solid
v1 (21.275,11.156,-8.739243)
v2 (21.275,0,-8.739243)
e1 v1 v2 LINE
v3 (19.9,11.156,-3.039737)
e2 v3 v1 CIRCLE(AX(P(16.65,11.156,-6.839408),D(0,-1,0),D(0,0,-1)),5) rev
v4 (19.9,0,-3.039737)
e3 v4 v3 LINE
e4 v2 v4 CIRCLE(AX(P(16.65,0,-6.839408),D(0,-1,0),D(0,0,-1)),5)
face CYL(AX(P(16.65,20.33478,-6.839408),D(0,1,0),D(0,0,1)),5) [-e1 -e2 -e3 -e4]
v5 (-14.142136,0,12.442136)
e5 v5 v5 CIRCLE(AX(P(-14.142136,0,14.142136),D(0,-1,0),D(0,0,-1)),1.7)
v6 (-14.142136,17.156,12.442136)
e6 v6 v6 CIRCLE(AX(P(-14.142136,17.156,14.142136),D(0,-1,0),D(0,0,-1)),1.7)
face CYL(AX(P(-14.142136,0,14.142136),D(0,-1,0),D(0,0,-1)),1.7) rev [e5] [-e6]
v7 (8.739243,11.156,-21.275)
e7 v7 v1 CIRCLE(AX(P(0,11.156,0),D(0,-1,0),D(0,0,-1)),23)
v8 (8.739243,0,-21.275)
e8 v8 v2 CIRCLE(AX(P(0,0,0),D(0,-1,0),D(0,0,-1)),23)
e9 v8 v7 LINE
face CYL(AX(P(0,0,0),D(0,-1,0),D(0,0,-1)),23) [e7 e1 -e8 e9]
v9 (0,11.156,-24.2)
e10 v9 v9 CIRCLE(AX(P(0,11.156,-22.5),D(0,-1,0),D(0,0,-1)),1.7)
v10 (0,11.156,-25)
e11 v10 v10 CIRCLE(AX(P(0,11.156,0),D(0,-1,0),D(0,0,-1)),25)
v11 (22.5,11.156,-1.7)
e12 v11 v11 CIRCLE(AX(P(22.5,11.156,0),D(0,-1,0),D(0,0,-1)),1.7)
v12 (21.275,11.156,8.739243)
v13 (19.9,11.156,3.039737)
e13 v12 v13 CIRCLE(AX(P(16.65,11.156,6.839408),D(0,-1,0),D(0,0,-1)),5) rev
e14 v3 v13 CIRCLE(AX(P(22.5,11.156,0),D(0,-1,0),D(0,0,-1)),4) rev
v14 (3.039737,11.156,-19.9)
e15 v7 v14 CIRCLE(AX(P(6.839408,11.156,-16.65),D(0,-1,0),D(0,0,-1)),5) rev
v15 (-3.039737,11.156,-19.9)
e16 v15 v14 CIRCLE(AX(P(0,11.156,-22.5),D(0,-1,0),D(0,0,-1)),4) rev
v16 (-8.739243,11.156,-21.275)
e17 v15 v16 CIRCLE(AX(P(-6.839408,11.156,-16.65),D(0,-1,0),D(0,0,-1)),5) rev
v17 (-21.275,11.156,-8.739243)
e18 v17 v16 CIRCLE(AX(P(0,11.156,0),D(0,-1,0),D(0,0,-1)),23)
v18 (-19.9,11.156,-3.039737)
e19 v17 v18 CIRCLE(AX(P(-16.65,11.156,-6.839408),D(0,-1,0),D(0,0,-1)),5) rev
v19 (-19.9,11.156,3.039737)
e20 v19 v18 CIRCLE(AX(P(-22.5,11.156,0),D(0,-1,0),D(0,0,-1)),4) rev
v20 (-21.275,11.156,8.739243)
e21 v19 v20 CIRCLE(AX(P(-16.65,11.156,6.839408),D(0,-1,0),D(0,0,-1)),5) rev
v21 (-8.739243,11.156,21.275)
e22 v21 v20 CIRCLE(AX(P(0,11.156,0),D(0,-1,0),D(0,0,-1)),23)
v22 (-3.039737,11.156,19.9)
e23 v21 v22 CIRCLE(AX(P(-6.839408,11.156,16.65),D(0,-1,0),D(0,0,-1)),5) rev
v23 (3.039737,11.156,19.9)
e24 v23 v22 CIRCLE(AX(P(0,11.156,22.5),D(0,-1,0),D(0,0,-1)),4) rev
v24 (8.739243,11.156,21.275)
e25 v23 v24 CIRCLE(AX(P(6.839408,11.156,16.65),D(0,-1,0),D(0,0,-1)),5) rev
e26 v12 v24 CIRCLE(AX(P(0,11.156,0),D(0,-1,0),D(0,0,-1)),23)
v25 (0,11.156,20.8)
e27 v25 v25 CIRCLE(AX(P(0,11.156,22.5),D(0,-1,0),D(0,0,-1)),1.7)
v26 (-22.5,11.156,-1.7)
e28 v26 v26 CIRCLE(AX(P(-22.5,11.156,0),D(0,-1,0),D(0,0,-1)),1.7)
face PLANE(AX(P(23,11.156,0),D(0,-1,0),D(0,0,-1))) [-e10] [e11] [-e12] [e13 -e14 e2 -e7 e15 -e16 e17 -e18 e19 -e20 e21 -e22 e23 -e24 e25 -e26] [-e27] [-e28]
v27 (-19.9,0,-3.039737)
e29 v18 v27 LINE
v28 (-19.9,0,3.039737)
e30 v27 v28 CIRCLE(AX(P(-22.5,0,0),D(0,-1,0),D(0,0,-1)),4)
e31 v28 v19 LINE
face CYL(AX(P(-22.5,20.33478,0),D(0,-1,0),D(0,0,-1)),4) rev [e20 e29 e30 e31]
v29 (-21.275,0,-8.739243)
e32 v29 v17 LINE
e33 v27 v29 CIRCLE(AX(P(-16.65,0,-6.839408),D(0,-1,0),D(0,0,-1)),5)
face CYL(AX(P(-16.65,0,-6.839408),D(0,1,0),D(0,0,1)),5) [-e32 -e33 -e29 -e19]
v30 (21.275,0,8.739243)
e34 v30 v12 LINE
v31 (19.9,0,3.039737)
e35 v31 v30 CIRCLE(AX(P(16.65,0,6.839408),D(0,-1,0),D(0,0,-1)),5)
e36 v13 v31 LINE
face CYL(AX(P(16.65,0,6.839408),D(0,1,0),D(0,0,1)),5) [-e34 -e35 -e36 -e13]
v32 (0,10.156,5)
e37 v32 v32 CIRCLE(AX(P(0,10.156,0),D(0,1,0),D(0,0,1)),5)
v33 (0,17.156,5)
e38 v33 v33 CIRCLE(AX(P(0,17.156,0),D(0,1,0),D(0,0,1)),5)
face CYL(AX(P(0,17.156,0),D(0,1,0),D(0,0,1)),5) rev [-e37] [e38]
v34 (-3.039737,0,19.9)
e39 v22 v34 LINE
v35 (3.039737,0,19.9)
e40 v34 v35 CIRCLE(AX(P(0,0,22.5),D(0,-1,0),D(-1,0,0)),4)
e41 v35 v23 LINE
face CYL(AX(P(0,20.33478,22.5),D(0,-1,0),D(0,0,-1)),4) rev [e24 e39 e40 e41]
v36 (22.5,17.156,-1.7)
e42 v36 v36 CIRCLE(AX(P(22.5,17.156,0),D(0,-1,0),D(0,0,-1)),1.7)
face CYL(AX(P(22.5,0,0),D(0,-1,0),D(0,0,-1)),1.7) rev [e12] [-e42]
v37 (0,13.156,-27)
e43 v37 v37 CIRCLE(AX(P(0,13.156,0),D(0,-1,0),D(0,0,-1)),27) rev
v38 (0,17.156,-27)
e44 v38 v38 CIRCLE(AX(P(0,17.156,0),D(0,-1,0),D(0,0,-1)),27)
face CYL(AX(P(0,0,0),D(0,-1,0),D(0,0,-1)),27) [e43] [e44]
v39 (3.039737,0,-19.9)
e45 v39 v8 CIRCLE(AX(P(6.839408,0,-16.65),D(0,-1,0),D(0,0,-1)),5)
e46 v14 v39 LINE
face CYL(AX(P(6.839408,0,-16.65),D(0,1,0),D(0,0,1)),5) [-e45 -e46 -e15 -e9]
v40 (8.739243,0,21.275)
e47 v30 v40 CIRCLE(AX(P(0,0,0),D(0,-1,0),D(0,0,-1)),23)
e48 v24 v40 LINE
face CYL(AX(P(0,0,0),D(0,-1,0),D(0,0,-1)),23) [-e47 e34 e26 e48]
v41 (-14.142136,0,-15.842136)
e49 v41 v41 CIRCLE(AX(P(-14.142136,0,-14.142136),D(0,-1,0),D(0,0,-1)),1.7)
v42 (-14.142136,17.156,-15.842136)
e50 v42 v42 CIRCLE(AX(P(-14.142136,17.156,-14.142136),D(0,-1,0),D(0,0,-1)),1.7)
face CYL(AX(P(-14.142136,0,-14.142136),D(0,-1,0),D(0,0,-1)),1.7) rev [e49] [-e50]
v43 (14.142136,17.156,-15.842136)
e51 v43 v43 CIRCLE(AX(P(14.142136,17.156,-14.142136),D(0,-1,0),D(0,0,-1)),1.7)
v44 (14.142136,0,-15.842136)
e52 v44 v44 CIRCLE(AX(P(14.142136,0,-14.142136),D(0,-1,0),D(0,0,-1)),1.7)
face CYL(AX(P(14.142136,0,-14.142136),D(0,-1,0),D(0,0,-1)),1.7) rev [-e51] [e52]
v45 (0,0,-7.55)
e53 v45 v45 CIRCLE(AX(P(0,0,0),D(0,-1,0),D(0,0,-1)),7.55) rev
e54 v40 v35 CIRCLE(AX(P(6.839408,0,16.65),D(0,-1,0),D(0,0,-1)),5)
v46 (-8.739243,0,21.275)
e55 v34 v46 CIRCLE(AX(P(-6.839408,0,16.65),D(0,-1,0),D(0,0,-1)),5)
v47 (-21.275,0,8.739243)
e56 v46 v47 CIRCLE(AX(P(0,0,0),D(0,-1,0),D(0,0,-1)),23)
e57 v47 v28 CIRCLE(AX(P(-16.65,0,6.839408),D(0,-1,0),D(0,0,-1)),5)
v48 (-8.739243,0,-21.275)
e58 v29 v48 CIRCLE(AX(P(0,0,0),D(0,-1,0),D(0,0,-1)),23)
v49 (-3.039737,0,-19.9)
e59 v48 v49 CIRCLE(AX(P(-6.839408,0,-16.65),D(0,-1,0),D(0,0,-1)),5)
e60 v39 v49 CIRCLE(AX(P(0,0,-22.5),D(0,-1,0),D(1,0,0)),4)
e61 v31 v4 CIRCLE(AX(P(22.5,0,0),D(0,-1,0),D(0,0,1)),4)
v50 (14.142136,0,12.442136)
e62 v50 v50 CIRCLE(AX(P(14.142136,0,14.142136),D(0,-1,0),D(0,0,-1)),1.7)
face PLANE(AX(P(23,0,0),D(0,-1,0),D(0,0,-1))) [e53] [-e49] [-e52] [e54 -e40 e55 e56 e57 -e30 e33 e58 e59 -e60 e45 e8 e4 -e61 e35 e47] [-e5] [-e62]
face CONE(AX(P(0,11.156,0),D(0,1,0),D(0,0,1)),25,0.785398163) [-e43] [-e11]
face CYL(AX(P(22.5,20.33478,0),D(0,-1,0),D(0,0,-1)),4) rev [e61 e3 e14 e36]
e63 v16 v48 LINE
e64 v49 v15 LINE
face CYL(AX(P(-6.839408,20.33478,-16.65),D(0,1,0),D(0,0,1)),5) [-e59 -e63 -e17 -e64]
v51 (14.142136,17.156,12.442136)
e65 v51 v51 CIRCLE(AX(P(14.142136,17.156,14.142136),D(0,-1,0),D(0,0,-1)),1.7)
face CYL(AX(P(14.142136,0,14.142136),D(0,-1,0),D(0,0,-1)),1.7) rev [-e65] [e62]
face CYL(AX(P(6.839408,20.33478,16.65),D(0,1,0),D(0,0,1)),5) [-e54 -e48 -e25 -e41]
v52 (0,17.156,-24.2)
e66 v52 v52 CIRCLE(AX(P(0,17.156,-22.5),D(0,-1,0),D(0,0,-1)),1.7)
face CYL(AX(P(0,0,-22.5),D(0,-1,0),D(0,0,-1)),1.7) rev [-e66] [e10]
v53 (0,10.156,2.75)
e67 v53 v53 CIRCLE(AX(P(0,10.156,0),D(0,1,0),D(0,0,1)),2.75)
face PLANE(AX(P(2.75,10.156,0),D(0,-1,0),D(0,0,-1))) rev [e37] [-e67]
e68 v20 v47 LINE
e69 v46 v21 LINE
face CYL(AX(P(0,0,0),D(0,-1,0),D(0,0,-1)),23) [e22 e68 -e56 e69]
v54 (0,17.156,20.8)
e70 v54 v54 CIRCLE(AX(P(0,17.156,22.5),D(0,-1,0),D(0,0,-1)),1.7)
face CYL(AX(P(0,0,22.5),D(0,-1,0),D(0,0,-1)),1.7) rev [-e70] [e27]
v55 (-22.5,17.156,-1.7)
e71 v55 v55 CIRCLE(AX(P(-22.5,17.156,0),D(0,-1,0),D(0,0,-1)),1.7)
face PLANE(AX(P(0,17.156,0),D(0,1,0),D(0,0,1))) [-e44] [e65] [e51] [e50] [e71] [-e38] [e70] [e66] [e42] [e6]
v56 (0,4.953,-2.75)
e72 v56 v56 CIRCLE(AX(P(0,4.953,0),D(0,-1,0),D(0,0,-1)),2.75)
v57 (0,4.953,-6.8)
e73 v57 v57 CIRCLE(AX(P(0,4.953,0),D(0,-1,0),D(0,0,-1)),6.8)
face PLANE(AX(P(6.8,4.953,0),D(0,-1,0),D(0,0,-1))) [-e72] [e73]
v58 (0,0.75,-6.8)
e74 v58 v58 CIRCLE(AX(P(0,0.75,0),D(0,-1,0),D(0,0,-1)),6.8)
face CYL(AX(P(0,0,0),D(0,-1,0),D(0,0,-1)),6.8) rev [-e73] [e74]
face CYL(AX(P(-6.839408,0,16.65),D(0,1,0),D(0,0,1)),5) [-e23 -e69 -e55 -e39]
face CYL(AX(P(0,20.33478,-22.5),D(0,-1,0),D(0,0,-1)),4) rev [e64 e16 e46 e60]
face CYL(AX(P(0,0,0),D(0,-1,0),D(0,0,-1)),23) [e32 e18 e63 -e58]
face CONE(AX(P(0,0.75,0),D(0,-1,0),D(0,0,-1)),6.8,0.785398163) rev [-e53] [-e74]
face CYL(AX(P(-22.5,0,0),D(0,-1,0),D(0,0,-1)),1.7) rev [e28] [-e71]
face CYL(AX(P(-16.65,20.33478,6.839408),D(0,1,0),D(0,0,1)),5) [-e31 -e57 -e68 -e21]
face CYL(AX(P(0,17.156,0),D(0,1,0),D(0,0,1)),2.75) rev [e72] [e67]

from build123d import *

# Parameters (mm, degrees)
M3_CLEARANCE_HOLE1_D           = 3.4
CUT_EXTRUDE1_DEPTH             = 11.156
FILLET1_R                      = 5
CIRPATTERN1_COUNT              = 4
FILLET1_OF_CIRPATTERN1_R       = 5
CBORE_FOR_M5_SHCS1_D           = 5.5
CBORE_FOR_M5_SHCS1_CBORE_D     = 10
CBORE_FOR_M5_SHCS1_CBORE_DEPTH = 7
CHAMFER1_SIZE                  = 0.75
CHAMFER2_SIZE                  = 2


with BuildPart() as part:
    # Sketch1 → Revolve1 (revolve)
    with BuildSketch(Plane.XY, mode=Mode.PRIVATE) as revolve1_sk:
        Polygon((6.8, 0), (6.8, 4.953), (0, 4.953), (0, 17.156), (27, 17.156), (27, 11.156), (23, 11.156), (23, 0), align=None)
    revolve(revolve1_sk.sketch.rotate(Axis((0, 0, 0), (0, 1, 0)), 90), axis=Axis((0, 0, 0), (0, 1, 0)))

    # M3 Clearance Hole1 (through all)
    with Locations(Plane.XZ):
        with Locations((-14.142135624, -14.142135624), (-22.5, 0)):
            m3_clearance_hole1 = Hole(M3_CLEARANCE_HOLE1_D / 2)

    # Sketch5 → Cut-Extrude1 (cut)
    with BuildSketch(Plane.XZ):
        with BuildLine():
            ThreePointArc((-22.65, -3.997186511), (-18.5, 0), (-22.65, 3.997186511))
            ThreePointArc((-22.65, 3.997186511), (-23, 0), (-22.65, -3.997186511))
        make_face()
    cut_extrude1 = extrude(amount=-CUT_EXTRUDE1_DEPTH, mode=Mode.SUBTRACT)

    # Fillet1
    fillet1_edges = [part.edges().sort_by_distance(p)[0] for p in [
        (-22.65, 5.578, -3.997186511),
        (-22.65, 5.578, 3.997186511),
    ]]
    fillet(fillet1_edges, radius=FILLET1_R)

    # CirPattern1: M3 Clearance Hole1, Cut-Extrude1 ×4 about axis
    cirpattern1_axis = Axis((0, 0, 0), (0, 1, 0))
    add([m3_clearance_hole1.rotate(cirpattern1_axis, i * 360 / CIRPATTERN1_COUNT) for i in range(1, CIRPATTERN1_COUNT)], mode=Mode.SUBTRACT)
    add([cut_extrude1.rotate(cirpattern1_axis, i * 360 / CIRPATTERN1_COUNT) for i in range(1, CIRPATTERN1_COUNT)], mode=Mode.SUBTRACT)

    # Fillet1 of CirPattern1
    fillet1_of_cirpattern1_edges = [part.edges().sort_by_distance(p)[0] for p in [
        (-3.997186511, 5.578, 22.65),
        (3.997186511, 5.578, 22.65),
        (22.65, 5.578, 3.997186511),
        (22.65, 5.578, -3.997186511),
        (3.997186511, 5.578, -22.65),
        (-3.997186511, 5.578, -22.65),
    ]]
    fillet(fillet1_of_cirpattern1_edges, radius=FILLET1_OF_CIRPATTERN1_R)

    # CBORE for M5 SHCS1 (through all)
    with Locations(Plane(origin=(0, 17.156, 0), x_dir=(1, 0, 0), z_dir=(0, 1, 0))):
        with Locations((0, 0)):
            CounterBoreHole(CBORE_FOR_M5_SHCS1_D / 2, CBORE_FOR_M5_SHCS1_CBORE_D / 2, CBORE_FOR_M5_SHCS1_CBORE_DEPTH)

    # Chamfer1
    chamfer1_edges = [part.edges().sort_by_distance(p)[0] for p in [
        (0, 0, 6.8),
    ]]
    chamfer(chamfer1_edges, length=CHAMFER1_SIZE)

    # Chamfer2
    chamfer2_edges = [part.edges().sort_by_distance(p)[0] for p in [
        (0, 11.156, 27),
    ]]
    chamfer(chamfer2_edges, length=CHAMFER2_SIZE)


solid = part.part
